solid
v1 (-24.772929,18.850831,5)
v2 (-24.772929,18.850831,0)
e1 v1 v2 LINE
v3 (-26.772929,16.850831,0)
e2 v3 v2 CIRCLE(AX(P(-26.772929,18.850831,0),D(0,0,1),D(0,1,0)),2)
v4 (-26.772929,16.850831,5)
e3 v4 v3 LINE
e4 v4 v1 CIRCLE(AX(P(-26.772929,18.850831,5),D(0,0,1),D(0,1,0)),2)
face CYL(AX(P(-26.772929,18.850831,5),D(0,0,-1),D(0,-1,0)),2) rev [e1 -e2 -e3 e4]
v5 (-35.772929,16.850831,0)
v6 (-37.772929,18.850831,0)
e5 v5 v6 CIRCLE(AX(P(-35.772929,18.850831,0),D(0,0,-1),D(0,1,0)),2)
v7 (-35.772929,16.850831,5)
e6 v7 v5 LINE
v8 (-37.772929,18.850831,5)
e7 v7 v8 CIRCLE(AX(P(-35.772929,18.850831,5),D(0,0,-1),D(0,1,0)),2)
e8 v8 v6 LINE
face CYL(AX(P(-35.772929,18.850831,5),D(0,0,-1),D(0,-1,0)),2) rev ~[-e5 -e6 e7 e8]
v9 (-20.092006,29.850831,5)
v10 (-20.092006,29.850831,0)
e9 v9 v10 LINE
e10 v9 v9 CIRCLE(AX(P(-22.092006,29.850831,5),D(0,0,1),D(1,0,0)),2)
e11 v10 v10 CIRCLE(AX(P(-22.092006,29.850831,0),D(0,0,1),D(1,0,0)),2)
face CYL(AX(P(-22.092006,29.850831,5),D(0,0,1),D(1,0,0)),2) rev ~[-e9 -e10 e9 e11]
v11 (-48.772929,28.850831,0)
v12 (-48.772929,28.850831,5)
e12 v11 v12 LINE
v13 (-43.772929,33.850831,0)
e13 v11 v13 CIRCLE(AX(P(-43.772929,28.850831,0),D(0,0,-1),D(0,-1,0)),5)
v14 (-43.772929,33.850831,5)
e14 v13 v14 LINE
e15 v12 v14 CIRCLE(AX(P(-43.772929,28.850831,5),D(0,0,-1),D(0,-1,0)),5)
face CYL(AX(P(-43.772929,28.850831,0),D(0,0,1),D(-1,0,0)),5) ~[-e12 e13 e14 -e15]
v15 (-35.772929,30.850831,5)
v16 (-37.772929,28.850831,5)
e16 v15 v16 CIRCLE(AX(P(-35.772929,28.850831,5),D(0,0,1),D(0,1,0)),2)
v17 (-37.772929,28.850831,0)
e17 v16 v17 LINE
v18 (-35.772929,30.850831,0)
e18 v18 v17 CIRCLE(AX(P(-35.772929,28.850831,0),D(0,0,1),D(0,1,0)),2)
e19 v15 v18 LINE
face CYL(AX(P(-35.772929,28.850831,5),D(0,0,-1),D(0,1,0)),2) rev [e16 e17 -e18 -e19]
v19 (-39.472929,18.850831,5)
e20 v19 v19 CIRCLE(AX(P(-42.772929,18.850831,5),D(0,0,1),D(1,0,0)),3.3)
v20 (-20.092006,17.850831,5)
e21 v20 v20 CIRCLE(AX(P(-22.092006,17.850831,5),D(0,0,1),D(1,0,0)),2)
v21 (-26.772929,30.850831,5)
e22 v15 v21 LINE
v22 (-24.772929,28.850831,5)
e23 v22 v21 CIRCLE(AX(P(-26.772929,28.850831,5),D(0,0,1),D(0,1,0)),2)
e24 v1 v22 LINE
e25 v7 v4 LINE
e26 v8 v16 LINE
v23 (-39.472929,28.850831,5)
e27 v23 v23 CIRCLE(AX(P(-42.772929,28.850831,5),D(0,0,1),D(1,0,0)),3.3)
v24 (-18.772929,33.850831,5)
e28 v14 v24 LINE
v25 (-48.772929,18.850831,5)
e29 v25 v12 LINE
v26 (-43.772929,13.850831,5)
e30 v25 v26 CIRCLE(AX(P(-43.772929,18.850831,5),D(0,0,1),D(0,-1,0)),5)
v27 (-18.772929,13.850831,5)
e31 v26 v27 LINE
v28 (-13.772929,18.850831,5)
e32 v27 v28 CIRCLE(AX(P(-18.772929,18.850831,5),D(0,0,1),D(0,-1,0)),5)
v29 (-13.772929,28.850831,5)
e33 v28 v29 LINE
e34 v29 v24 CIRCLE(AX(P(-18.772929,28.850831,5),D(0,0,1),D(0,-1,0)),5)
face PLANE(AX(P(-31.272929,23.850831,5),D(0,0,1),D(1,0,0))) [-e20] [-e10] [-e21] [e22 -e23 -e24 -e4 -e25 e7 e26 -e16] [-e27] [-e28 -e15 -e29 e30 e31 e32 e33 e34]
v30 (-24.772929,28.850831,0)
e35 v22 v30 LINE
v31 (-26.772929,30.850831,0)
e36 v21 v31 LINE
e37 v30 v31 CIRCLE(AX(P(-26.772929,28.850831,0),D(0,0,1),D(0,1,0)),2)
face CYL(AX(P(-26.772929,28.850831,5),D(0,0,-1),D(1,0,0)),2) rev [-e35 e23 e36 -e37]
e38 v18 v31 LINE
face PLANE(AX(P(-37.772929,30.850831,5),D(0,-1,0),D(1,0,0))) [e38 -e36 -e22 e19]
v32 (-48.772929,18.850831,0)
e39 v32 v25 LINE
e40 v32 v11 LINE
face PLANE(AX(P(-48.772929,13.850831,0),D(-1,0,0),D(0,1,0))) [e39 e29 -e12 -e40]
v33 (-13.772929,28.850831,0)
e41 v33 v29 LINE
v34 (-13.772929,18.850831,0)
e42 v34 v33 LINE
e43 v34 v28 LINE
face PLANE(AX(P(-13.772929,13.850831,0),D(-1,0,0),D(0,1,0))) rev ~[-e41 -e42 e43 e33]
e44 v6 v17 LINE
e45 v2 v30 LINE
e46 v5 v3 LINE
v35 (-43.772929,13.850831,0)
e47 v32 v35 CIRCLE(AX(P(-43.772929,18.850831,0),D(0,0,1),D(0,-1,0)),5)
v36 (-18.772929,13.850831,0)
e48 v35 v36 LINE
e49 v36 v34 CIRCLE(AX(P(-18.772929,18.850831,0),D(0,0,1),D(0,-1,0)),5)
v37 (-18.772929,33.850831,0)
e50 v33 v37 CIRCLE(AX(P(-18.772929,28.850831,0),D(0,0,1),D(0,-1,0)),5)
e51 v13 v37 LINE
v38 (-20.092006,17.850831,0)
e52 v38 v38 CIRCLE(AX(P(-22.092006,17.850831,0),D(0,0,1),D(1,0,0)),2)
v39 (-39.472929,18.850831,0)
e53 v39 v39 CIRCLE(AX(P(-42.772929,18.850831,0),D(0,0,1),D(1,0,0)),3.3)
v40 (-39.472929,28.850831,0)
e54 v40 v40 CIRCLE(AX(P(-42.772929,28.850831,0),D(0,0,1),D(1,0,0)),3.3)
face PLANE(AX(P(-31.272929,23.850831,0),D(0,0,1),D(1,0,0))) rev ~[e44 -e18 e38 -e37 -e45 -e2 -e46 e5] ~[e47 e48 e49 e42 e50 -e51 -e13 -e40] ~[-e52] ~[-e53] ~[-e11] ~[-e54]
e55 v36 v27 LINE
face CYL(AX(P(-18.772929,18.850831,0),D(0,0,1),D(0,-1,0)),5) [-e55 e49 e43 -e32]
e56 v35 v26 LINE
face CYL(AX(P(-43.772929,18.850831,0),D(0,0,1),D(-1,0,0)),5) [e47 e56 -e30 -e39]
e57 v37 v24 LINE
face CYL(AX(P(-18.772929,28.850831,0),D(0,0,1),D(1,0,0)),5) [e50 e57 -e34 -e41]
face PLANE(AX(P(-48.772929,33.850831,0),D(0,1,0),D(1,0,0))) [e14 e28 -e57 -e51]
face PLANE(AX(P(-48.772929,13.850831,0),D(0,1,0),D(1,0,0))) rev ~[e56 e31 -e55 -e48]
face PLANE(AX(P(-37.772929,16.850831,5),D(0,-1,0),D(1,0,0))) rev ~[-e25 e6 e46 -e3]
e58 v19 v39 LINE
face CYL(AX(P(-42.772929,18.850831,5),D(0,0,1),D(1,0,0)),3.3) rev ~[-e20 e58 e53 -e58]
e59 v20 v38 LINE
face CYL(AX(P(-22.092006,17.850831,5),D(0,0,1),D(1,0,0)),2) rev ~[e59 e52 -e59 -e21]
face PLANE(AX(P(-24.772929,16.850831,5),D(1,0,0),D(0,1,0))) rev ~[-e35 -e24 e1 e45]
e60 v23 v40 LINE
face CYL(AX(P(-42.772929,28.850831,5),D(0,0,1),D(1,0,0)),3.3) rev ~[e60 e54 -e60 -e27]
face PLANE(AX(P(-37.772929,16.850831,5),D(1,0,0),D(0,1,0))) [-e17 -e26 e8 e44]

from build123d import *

# Parameters (mm, degrees)
ESQUISSE1_W             = 35
ESQUISSE1_H             = 20
BOSS_EXTRU_1_DEPTH      = 5
CONG_1_R                = 5
ESQUISSE7_R             = 2
ENL_V_MAT_EXTRU_2_DEPTH = 10
ESQUISSE6_R             = 3.3
ENL_V_MAT_EXTRU_3_DEPTH = 10
ESQUISSE9_W             = 13
ESQUISSE9_H             = 14
ENL_V_MAT_EXTRU_5_DEPTH = 10
CONG_2_R                = 2


with BuildPart() as part:
    # Esquisse1 → Boss.-Extru.1 (new body)
    with BuildSketch(Plane.XY):
        with Locations((-31.272929194, 23.850830526)):
            Rectangle(ESQUISSE1_W, ESQUISSE1_H)
    extrude(amount=BOSS_EXTRU_1_DEPTH)

    # Congé1
    cong_1_edges = [part.edges().sort_by_distance(p)[0] for p in [
        (-13.772929194, 13.850830526, 2.5),
        (-48.772929194, 13.850830526, 2.5),
        (-48.772929194, 33.850830526, 2.5),
        (-13.772929194, 33.850830526, 2.5),
    ]]
    fillet(cong_1_edges, radius=CONG_1_R)

    # Esquisse7 → Enlèv. mat.-Extru.2 (cut)
    with BuildSketch(Plane.XY.offset(5)):
        with Locations((-22.092006288, 29.850830526)):
            Circle(ESQUISSE7_R)
        with Locations((-22.092006288, 17.850830526)):
            Circle(ESQUISSE7_R)
    extrude(amount=-ENL_V_MAT_EXTRU_2_DEPTH, mode=Mode.SUBTRACT)

    # Esquisse6 → Enlèv. mat.-Extru.3 (cut)
    with BuildSketch(Plane.XY.offset(5)):
        with Locations((-42.772929194, 28.850830526)):
            Circle(ESQUISSE6_R)
        with Locations((-42.772929194, 18.850830526)):
            Circle(ESQUISSE6_R)
    extrude(amount=-ENL_V_MAT_EXTRU_3_DEPTH, mode=Mode.SUBTRACT)

    # Esquisse9 → Enlèv. mat.-Extru.5 (cut)
    with BuildSketch(Plane.XY.offset(5)):
        with Locations((-31.272929194, 23.850830526)):
            Rectangle(ESQUISSE9_W, ESQUISSE9_H)
    extrude(amount=-ENL_V_MAT_EXTRU_5_DEPTH, mode=Mode.SUBTRACT)

    # Congé2
    cong_2_edges = [part.edges().sort_by_distance(p)[0] for p in [
        (-24.772929194, 30.850830526, 2.5),
        (-24.772929194, 16.850830526, 2.5),
        (-37.772929194, 16.850830526, 2.5),
        (-37.772929194, 30.850830526, 2.5),
    ]]
    fillet(cong_2_edges, radius=CONG_2_R)


solid = part.part
